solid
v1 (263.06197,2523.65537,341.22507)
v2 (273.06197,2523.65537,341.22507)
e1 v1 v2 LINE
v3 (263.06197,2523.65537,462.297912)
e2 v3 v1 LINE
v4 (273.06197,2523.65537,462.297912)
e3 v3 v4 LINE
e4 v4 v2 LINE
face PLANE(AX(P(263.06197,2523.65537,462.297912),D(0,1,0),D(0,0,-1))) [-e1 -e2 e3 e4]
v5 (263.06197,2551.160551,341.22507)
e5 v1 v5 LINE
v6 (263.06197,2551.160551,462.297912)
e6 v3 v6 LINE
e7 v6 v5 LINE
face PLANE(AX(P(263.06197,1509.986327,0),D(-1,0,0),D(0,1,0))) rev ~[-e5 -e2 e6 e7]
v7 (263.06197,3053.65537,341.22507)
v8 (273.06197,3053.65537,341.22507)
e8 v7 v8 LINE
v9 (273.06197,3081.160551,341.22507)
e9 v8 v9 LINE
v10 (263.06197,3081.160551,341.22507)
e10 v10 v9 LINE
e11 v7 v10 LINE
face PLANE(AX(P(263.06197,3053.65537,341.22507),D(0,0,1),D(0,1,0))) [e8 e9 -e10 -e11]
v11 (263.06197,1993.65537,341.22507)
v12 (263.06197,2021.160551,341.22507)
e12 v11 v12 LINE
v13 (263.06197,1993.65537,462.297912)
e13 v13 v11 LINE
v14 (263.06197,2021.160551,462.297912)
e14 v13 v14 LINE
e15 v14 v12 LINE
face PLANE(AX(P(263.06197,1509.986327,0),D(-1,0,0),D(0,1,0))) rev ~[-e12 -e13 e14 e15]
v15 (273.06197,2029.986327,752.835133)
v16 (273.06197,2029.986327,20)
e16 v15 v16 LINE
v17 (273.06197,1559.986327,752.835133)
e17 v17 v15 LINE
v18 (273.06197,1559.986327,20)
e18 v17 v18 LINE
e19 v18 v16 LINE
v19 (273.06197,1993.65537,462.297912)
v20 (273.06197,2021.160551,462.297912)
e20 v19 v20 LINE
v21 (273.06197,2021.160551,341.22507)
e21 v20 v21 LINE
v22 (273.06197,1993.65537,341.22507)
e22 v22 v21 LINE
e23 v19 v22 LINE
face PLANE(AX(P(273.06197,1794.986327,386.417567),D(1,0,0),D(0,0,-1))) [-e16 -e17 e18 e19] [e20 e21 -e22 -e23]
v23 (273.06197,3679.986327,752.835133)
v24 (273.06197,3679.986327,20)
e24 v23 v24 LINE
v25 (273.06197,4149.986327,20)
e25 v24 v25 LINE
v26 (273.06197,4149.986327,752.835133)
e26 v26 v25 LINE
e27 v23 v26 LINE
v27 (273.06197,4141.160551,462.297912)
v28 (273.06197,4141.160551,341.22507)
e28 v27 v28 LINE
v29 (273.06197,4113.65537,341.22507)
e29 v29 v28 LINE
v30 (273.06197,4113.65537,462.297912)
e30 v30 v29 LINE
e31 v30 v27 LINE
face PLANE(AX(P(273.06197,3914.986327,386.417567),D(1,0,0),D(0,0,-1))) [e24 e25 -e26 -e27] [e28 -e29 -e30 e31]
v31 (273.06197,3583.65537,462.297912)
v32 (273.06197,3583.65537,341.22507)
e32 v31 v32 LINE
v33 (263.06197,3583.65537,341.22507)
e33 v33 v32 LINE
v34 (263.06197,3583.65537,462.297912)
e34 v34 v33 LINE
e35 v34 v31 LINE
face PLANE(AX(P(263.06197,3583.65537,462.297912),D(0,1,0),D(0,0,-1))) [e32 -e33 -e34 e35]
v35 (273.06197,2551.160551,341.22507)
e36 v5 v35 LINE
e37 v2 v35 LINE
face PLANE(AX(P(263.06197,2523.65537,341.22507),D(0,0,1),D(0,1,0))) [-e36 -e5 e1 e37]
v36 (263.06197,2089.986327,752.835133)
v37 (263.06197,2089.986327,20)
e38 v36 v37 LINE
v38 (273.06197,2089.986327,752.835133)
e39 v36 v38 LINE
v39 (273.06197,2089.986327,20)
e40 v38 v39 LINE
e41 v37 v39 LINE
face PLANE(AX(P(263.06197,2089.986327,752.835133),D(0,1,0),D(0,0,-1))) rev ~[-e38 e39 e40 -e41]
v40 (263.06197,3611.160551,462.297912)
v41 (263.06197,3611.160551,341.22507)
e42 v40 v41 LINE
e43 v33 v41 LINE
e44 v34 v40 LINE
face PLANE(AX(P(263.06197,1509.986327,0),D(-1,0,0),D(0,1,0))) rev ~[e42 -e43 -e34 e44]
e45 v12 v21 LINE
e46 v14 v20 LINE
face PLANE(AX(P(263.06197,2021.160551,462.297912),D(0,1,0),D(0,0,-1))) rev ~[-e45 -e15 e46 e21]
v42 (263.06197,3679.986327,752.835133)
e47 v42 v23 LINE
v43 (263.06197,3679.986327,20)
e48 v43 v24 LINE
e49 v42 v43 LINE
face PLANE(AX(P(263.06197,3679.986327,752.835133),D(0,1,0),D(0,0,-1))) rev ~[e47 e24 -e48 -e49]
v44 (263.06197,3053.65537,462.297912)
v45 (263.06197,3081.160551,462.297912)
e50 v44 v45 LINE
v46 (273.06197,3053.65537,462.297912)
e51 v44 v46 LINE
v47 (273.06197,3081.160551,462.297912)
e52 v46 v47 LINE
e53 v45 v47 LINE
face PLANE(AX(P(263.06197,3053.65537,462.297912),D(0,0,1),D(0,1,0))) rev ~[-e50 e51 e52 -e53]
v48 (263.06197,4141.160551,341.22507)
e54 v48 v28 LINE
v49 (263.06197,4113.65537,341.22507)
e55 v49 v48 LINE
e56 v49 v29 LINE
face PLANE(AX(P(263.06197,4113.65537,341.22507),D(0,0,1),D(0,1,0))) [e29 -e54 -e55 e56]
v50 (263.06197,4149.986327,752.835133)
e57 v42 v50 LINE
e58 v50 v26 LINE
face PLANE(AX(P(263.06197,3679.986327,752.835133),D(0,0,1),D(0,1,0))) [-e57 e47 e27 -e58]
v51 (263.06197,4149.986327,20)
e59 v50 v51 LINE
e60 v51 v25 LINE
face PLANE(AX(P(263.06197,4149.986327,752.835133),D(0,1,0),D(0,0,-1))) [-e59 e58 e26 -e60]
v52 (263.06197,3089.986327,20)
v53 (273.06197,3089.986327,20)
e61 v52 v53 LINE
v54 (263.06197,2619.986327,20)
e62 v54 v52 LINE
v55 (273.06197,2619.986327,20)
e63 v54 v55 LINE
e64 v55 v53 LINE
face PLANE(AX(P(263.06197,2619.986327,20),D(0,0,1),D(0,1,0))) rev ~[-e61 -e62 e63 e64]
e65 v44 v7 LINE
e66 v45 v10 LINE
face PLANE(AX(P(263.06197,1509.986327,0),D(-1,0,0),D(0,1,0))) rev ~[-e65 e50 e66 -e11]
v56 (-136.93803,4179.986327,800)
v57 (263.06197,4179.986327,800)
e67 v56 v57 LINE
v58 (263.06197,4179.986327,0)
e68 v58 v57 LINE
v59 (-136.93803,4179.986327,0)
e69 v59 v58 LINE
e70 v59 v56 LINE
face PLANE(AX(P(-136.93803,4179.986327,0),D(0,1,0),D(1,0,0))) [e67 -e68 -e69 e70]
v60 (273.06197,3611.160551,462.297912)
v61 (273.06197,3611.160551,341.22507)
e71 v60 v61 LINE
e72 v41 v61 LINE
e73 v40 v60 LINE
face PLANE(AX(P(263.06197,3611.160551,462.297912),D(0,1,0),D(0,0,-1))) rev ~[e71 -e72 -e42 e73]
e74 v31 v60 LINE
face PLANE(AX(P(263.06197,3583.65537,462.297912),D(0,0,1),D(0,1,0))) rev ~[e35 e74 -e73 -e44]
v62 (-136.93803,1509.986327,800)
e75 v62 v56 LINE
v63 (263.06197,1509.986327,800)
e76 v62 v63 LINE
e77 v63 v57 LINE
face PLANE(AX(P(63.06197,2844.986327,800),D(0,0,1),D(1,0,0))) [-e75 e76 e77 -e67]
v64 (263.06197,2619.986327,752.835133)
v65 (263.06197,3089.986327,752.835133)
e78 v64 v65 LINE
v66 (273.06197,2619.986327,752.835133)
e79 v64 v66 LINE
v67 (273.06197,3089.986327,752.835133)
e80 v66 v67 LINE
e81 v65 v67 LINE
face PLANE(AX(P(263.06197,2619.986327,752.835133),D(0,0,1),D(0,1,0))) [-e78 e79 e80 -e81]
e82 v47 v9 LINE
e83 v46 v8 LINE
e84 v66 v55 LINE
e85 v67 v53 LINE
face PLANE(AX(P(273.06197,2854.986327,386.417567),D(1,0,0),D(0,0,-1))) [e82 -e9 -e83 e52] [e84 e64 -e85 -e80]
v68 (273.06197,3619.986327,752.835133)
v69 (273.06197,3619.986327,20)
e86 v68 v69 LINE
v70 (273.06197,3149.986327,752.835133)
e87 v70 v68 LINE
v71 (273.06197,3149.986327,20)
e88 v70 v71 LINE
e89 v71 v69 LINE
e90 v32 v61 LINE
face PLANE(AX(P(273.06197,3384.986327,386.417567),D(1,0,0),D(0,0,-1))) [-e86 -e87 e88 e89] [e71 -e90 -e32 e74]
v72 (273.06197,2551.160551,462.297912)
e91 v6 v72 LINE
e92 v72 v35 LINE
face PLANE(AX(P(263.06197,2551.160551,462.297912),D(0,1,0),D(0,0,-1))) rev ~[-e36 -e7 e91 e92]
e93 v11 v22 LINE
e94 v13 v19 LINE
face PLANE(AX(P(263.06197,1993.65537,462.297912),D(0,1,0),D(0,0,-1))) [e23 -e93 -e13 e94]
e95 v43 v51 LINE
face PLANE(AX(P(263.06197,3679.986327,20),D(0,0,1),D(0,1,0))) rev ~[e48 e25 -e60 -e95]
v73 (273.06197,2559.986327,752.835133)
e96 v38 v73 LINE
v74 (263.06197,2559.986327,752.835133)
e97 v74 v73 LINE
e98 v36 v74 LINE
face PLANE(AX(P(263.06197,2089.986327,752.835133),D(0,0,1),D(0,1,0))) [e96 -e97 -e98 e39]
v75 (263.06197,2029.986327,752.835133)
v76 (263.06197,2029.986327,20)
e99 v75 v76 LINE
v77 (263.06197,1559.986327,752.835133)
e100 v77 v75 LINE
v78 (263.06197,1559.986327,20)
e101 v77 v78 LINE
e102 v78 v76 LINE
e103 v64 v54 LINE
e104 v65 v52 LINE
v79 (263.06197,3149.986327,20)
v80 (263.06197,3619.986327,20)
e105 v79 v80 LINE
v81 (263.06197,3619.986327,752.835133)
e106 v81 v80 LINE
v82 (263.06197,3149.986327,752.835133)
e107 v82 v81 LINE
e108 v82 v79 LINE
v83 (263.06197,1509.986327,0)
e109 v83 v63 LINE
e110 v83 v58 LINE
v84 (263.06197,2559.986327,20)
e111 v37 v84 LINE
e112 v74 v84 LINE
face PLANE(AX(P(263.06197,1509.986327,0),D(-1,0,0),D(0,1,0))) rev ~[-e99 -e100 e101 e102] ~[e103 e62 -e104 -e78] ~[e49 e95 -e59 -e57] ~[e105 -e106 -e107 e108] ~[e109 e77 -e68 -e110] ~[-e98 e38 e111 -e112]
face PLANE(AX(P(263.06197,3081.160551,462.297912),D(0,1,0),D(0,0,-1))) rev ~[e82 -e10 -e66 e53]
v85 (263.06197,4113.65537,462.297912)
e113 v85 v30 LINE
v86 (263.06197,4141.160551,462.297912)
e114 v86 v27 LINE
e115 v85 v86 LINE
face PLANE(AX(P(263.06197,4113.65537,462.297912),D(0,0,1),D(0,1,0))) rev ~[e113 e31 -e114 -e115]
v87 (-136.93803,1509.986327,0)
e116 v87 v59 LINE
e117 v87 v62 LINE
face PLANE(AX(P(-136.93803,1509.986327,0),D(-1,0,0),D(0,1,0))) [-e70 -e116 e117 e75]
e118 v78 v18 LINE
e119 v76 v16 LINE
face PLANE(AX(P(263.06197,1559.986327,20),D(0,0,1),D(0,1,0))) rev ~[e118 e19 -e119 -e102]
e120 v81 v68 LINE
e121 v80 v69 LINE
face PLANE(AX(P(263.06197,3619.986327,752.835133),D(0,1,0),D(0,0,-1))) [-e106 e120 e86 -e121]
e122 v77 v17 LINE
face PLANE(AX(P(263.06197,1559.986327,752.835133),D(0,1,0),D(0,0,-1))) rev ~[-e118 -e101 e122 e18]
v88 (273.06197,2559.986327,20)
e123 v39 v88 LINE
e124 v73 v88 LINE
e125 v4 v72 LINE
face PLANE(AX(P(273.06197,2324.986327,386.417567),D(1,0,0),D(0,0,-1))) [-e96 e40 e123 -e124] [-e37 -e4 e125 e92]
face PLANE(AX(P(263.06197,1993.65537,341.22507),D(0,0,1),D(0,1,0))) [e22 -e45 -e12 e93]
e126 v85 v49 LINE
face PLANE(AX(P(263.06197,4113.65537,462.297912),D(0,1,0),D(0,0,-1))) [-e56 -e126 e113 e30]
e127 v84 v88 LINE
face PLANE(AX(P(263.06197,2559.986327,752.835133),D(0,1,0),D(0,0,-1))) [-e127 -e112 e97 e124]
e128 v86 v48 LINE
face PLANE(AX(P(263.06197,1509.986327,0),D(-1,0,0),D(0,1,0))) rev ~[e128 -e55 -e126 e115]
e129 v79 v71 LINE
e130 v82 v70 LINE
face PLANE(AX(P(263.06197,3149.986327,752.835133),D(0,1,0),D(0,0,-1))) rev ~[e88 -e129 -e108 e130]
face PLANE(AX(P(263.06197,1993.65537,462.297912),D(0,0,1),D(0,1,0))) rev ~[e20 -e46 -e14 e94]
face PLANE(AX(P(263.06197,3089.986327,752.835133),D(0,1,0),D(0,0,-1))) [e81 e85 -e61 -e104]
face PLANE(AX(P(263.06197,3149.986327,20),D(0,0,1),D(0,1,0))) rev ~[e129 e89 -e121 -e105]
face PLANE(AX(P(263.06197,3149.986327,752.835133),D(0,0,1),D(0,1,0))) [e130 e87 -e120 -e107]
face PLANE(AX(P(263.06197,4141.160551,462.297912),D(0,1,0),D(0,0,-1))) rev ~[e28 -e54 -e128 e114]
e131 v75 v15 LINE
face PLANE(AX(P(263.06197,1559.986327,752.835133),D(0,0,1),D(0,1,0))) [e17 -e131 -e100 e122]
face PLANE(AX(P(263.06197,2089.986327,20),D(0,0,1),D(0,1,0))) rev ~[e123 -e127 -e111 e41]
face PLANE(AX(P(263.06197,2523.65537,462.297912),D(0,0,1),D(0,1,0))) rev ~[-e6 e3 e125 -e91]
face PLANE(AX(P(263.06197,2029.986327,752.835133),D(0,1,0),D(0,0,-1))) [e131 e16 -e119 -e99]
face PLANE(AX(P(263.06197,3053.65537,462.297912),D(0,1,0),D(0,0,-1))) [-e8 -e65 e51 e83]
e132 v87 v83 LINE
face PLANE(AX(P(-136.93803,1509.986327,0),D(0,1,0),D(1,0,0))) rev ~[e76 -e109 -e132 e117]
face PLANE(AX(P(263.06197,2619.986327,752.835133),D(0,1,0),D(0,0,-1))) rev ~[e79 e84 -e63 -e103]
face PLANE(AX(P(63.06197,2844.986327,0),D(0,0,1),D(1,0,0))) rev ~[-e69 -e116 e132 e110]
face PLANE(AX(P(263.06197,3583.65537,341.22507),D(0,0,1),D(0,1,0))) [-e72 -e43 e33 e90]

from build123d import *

# Parameters (mm, degrees)
SKETCH1_W           = 400
SKETCH1_H           = 2670
BOSS_EXTRUDE1_DEPTH = 800
SKETCH3_W           = 732.835133331
SKETCH3_H           = 470
SKETCH3_W_2         = 121.072841775
SKETCH3_H_2         = 27.505181151
BOSS_EXTRUDE3_DEPTH = 10


with BuildPart() as part:
    # Sketch1 → Boss-Extrude1 (new body)
    with BuildSketch(Plane.XY):
        with Locations((63.061970043, 2844.986327315)):
            Rectangle(SKETCH1_W, SKETCH1_H)
    extrude(amount=BOSS_EXTRUDE1_DEPTH)

    # Sketch3 → Boss-Extrude3 (add)
    with BuildSketch(Plane(origin=(263.061970043, 0, 0), x_dir=(0, 0, -1), z_dir=(1, 0, 0))):
        with Locations((-386.417566666, 2324.986327315)):
            Rectangle(SKETCH3_W, SKETCH3_H)
        with Locations((-401.761491339, 2537.407960532)):
            Rectangle(SKETCH3_W_2, SKETCH3_H_2, mode=Mode.SUBTRACT)
        with Locations((-386.417566666, 1794.986327315)):
            Rectangle(SKETCH3_W, SKETCH3_H)
        with Locations((-401.761491339, 2007.407960532)):
            Rectangle(SKETCH3_W_2, SKETCH3_H_2, mode=Mode.SUBTRACT)
        with Locations((-386.417566666, 2854.986327315)):
            Rectangle(SKETCH3_W, SKETCH3_H)
        with Locations((-401.761491339, 3067.407960532)):
            Rectangle(SKETCH3_W_2, SKETCH3_H_2, mode=Mode.SUBTRACT)
        with Locations((-386.417566666, 3384.986327315)):
            Rectangle(SKETCH3_W, SKETCH3_H)
        with Locations((-401.761491339, 3597.407960532)):
            Rectangle(SKETCH3_W_2, SKETCH3_H_2, mode=Mode.SUBTRACT)
        with Locations((-386.417566666, 3914.986327315)):
            Rectangle(SKETCH3_W, SKETCH3_H)
        with Locations((-401.761491339, 4127.407960532)):
            Rectangle(SKETCH3_W_2, SKETCH3_H_2, mode=Mode.SUBTRACT)
    extrude(amount=BOSS_EXTRUDE3_DEPTH)


solid = part.part
